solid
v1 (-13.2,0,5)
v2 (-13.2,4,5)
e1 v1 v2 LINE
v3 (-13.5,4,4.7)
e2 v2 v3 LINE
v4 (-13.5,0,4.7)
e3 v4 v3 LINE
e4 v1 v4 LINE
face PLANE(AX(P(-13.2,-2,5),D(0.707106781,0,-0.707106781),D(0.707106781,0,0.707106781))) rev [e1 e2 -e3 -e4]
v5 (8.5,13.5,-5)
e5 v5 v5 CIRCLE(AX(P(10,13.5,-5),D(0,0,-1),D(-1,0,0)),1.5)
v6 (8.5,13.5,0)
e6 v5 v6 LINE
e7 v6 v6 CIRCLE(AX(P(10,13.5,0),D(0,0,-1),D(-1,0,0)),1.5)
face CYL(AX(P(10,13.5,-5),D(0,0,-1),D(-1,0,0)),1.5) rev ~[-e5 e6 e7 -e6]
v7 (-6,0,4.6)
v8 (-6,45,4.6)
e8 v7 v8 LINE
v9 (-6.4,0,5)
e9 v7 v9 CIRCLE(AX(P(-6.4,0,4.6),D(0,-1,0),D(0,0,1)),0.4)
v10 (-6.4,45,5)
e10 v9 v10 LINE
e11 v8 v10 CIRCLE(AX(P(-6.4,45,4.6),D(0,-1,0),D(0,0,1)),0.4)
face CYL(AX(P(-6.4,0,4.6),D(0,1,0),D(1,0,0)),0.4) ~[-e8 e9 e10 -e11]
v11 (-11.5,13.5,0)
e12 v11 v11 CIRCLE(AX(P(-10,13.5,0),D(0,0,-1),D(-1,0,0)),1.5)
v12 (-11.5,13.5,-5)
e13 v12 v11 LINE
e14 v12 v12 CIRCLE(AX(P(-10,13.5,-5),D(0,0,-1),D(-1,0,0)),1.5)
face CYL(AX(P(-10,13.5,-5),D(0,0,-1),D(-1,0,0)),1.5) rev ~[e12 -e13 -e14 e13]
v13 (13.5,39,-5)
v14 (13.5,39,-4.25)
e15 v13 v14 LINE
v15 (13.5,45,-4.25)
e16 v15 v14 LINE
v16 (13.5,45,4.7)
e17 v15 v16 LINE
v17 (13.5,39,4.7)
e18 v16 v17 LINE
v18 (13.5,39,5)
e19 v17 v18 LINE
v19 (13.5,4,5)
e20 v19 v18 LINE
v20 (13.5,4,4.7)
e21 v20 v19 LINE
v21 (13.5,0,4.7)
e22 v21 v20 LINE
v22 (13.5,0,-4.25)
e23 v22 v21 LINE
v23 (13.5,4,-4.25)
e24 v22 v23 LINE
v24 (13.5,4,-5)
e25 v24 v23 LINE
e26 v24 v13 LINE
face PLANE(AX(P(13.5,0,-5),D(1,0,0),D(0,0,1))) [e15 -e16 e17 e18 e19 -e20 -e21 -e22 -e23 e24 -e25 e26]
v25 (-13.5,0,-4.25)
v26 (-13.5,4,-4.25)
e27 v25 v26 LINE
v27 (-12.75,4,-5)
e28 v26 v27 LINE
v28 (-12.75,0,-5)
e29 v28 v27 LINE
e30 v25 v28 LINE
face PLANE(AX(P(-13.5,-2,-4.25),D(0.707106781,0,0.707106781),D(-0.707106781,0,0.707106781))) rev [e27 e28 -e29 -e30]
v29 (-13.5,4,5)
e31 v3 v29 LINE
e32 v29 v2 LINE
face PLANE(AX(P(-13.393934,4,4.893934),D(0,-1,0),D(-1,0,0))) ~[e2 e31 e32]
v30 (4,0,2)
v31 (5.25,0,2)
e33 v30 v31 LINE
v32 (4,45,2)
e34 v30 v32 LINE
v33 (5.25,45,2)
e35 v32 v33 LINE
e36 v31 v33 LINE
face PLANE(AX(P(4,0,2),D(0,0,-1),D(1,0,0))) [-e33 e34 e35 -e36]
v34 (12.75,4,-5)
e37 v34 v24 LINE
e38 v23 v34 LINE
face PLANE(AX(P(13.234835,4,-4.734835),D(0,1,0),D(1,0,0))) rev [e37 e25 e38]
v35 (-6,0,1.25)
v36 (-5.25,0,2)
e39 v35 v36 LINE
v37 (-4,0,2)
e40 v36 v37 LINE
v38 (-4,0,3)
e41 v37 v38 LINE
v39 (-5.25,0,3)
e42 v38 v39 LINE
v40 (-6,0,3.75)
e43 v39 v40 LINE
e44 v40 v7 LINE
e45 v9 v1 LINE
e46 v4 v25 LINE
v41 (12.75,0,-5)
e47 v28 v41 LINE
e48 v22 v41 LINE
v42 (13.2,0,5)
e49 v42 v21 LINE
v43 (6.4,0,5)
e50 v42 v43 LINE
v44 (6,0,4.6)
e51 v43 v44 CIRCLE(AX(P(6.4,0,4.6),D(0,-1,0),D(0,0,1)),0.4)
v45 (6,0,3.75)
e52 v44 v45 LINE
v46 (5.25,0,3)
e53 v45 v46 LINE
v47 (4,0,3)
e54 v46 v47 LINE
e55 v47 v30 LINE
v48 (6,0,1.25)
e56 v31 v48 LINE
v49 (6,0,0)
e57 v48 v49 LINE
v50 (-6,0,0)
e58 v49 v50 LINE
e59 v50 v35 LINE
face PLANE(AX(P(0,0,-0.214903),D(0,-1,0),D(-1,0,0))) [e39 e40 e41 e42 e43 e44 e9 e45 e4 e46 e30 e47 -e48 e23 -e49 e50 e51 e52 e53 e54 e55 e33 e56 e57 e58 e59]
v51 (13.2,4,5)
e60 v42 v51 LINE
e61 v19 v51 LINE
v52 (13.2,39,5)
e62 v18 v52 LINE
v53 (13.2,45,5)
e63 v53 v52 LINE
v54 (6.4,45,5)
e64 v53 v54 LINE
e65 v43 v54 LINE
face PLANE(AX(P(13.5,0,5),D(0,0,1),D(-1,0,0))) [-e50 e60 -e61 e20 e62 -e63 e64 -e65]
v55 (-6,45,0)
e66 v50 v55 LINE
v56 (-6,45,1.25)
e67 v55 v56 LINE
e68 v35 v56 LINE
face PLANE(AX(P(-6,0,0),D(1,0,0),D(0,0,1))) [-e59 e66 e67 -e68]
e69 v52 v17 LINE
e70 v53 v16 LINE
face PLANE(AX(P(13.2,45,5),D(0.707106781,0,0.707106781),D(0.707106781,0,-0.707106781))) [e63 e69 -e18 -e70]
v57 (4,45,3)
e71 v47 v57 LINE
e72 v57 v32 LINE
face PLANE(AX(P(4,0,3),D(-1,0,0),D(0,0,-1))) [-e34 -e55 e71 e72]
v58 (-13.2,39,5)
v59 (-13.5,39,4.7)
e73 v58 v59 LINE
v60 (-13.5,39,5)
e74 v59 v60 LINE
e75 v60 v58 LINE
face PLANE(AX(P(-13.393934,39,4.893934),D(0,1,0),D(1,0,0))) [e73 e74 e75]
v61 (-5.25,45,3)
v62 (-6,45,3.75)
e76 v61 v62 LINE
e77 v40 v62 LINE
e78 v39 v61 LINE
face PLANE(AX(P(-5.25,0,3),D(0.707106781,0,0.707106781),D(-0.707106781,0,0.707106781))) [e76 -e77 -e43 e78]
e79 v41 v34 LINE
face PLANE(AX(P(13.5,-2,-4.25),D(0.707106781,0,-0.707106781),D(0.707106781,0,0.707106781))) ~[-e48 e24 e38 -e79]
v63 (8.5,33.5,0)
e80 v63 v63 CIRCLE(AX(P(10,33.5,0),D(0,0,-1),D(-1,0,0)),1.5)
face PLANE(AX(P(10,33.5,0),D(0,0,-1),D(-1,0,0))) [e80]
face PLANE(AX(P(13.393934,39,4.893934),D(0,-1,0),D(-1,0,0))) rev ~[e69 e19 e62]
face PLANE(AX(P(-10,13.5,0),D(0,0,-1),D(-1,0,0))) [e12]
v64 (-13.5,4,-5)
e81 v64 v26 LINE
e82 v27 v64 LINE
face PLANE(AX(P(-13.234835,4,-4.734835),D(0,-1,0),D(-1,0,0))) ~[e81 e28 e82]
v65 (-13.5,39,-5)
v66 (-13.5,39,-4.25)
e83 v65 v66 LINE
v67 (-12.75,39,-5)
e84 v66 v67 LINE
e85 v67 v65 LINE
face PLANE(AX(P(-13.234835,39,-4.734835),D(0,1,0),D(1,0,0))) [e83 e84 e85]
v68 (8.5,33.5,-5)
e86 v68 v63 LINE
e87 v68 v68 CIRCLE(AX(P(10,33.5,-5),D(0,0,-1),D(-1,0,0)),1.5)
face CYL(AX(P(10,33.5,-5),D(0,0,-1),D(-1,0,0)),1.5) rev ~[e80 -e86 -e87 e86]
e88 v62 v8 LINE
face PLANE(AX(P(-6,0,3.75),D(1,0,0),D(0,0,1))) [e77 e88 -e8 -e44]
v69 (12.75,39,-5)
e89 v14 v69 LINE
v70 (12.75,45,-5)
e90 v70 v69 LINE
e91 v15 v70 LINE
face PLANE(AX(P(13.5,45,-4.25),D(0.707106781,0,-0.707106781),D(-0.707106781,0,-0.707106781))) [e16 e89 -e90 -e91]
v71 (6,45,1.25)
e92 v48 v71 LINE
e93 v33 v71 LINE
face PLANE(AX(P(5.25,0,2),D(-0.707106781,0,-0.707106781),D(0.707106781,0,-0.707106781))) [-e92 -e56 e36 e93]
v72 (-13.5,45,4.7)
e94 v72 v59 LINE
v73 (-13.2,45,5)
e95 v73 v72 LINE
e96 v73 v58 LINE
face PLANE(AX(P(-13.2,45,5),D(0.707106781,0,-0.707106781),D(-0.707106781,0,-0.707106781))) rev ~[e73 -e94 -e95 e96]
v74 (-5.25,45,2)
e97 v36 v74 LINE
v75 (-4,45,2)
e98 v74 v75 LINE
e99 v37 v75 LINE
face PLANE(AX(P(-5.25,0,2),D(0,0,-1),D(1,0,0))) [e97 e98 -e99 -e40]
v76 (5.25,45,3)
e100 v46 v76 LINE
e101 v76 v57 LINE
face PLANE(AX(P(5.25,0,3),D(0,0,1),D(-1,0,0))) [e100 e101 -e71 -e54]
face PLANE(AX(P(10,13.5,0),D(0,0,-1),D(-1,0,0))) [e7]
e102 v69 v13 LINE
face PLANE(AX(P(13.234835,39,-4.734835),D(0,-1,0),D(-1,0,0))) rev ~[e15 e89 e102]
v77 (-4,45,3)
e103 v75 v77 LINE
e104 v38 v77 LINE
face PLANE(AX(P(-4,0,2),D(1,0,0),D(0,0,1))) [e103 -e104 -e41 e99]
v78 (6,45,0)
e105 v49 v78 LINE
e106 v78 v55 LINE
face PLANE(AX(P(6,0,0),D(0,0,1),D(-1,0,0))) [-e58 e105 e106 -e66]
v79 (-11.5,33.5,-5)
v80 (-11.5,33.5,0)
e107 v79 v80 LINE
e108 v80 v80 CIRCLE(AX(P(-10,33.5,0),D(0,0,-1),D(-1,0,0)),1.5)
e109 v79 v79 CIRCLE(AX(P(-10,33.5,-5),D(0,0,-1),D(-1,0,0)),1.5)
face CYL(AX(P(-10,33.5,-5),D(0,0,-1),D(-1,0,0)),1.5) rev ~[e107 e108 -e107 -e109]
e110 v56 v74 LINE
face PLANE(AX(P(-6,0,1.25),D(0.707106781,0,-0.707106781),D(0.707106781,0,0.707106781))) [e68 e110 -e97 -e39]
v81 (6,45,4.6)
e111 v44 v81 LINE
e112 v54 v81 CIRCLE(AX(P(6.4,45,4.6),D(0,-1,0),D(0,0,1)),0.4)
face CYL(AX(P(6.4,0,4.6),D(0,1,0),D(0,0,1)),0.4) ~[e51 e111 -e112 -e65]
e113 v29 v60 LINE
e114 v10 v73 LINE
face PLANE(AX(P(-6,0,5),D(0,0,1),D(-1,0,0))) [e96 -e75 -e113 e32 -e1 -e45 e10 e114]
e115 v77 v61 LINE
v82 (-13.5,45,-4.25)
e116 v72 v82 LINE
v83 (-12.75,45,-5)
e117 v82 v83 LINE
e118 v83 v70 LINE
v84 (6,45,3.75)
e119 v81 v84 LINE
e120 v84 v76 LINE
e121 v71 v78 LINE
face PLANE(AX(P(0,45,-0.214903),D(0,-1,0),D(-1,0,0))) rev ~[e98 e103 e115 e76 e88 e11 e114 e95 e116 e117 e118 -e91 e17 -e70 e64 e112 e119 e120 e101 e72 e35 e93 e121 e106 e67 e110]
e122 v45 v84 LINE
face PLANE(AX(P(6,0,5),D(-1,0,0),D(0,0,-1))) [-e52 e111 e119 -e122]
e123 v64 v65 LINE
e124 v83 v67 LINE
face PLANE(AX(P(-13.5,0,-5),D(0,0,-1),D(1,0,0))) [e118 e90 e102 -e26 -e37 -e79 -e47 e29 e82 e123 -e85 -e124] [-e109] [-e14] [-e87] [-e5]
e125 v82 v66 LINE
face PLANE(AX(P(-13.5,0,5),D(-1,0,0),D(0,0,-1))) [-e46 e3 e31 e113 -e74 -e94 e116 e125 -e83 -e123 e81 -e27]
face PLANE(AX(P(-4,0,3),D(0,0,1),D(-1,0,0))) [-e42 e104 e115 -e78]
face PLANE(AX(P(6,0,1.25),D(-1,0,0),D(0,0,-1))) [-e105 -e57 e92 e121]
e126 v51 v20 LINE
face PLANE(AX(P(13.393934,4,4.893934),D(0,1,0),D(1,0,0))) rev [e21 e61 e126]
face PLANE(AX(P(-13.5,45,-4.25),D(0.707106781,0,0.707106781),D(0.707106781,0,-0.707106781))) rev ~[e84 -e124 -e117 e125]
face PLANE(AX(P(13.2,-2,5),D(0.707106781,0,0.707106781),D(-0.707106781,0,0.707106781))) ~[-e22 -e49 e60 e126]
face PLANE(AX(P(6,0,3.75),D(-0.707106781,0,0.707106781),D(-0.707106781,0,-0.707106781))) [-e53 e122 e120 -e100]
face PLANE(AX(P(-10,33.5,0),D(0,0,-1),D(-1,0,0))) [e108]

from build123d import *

# Parameters (mm, degrees)
BOSS_EXTRUDE1_DEPTH = 45
FILLET1_R           = 0.4
SKETCH3_R           = 1.5
CUT_EXTRUDE3_DEPTH  = 5
CUT_EXTRUDE5_DEPTH  = 6


with BuildPart() as part:
    # Sketch2 → Boss-Extrude1 (new body)
    with BuildSketch(Plane(origin=(0, 0, 0), x_dir=(1, 0, 0), z_dir=(0, 1, 0))):
        Polygon((-13.5, 5), (13.5, 5), (13.5, -5), (6, -5), (6, -3.75), (5.25, -3), (4, -3), (4, -2), (5.25, -2), (6, -1.25), (6, 0), (-6, 0), (-6, -1.25), (-5.25, -2), (-4, -2), (-4, -3), (-5.25, -3), (-6, -3.75), (-6, -5), (-13.5, -5), align=None)
    extrude(amount=BOSS_EXTRUDE1_DEPTH)

    # Fillet1
    fillet1_edges = [part.edges().sort_by_distance(p)[0] for p in [
        (6, 22.5, 5),
        (-6, 22.5, 5),
    ]]
    fillet(fillet1_edges, radius=FILLET1_R)

    # Sketch3 → Cut-Extrude3 (cut)
    with BuildSketch(Plane(origin=(0, 0, -5), x_dir=(-1, 0, 0), z_dir=(0, 0, -1))):
        with Locations((10, 33.5)):
            Circle(SKETCH3_R)
        with Locations((-10, 33.5)):
            Circle(SKETCH3_R)
        with Locations((-10, 13.5)):
            Circle(SKETCH3_R)
        with Locations((10, 13.5)):
            Circle(SKETCH3_R)
    extrude(amount=-CUT_EXTRUDE3_DEPTH, mode=Mode.SUBTRACT)

    # Sketch4 → Cut-Extrude5 (cut)
    with BuildSketch(Plane(origin=(0, 45, 0), x_dir=(1, 0, 0), z_dir=(0, 1, 0))):
        Polygon((-13.5, 5), (-13.5, 4.25), (-12.75, 5), align=None)
        Polygon((13.5, 4.25), (12.75, 5), (13.5, 5), align=None)
        Polygon((-13.5, -5), (-13.2, -5), (-13.5, -4.7), align=None)
        Polygon((13.2, -5), (13.5, -4.7), (13.5, -5), align=None)
    cut_extrude5 = extrude(amount=-CUT_EXTRUDE5_DEPTH, mode=Mode.SUBTRACT)

    # Mirror1: Cut-Extrude5 across plane
    add(cut_extrude5.mirror(Plane.ZX.offset(21.5)), mode=Mode.SUBTRACT)


solid = part.part
